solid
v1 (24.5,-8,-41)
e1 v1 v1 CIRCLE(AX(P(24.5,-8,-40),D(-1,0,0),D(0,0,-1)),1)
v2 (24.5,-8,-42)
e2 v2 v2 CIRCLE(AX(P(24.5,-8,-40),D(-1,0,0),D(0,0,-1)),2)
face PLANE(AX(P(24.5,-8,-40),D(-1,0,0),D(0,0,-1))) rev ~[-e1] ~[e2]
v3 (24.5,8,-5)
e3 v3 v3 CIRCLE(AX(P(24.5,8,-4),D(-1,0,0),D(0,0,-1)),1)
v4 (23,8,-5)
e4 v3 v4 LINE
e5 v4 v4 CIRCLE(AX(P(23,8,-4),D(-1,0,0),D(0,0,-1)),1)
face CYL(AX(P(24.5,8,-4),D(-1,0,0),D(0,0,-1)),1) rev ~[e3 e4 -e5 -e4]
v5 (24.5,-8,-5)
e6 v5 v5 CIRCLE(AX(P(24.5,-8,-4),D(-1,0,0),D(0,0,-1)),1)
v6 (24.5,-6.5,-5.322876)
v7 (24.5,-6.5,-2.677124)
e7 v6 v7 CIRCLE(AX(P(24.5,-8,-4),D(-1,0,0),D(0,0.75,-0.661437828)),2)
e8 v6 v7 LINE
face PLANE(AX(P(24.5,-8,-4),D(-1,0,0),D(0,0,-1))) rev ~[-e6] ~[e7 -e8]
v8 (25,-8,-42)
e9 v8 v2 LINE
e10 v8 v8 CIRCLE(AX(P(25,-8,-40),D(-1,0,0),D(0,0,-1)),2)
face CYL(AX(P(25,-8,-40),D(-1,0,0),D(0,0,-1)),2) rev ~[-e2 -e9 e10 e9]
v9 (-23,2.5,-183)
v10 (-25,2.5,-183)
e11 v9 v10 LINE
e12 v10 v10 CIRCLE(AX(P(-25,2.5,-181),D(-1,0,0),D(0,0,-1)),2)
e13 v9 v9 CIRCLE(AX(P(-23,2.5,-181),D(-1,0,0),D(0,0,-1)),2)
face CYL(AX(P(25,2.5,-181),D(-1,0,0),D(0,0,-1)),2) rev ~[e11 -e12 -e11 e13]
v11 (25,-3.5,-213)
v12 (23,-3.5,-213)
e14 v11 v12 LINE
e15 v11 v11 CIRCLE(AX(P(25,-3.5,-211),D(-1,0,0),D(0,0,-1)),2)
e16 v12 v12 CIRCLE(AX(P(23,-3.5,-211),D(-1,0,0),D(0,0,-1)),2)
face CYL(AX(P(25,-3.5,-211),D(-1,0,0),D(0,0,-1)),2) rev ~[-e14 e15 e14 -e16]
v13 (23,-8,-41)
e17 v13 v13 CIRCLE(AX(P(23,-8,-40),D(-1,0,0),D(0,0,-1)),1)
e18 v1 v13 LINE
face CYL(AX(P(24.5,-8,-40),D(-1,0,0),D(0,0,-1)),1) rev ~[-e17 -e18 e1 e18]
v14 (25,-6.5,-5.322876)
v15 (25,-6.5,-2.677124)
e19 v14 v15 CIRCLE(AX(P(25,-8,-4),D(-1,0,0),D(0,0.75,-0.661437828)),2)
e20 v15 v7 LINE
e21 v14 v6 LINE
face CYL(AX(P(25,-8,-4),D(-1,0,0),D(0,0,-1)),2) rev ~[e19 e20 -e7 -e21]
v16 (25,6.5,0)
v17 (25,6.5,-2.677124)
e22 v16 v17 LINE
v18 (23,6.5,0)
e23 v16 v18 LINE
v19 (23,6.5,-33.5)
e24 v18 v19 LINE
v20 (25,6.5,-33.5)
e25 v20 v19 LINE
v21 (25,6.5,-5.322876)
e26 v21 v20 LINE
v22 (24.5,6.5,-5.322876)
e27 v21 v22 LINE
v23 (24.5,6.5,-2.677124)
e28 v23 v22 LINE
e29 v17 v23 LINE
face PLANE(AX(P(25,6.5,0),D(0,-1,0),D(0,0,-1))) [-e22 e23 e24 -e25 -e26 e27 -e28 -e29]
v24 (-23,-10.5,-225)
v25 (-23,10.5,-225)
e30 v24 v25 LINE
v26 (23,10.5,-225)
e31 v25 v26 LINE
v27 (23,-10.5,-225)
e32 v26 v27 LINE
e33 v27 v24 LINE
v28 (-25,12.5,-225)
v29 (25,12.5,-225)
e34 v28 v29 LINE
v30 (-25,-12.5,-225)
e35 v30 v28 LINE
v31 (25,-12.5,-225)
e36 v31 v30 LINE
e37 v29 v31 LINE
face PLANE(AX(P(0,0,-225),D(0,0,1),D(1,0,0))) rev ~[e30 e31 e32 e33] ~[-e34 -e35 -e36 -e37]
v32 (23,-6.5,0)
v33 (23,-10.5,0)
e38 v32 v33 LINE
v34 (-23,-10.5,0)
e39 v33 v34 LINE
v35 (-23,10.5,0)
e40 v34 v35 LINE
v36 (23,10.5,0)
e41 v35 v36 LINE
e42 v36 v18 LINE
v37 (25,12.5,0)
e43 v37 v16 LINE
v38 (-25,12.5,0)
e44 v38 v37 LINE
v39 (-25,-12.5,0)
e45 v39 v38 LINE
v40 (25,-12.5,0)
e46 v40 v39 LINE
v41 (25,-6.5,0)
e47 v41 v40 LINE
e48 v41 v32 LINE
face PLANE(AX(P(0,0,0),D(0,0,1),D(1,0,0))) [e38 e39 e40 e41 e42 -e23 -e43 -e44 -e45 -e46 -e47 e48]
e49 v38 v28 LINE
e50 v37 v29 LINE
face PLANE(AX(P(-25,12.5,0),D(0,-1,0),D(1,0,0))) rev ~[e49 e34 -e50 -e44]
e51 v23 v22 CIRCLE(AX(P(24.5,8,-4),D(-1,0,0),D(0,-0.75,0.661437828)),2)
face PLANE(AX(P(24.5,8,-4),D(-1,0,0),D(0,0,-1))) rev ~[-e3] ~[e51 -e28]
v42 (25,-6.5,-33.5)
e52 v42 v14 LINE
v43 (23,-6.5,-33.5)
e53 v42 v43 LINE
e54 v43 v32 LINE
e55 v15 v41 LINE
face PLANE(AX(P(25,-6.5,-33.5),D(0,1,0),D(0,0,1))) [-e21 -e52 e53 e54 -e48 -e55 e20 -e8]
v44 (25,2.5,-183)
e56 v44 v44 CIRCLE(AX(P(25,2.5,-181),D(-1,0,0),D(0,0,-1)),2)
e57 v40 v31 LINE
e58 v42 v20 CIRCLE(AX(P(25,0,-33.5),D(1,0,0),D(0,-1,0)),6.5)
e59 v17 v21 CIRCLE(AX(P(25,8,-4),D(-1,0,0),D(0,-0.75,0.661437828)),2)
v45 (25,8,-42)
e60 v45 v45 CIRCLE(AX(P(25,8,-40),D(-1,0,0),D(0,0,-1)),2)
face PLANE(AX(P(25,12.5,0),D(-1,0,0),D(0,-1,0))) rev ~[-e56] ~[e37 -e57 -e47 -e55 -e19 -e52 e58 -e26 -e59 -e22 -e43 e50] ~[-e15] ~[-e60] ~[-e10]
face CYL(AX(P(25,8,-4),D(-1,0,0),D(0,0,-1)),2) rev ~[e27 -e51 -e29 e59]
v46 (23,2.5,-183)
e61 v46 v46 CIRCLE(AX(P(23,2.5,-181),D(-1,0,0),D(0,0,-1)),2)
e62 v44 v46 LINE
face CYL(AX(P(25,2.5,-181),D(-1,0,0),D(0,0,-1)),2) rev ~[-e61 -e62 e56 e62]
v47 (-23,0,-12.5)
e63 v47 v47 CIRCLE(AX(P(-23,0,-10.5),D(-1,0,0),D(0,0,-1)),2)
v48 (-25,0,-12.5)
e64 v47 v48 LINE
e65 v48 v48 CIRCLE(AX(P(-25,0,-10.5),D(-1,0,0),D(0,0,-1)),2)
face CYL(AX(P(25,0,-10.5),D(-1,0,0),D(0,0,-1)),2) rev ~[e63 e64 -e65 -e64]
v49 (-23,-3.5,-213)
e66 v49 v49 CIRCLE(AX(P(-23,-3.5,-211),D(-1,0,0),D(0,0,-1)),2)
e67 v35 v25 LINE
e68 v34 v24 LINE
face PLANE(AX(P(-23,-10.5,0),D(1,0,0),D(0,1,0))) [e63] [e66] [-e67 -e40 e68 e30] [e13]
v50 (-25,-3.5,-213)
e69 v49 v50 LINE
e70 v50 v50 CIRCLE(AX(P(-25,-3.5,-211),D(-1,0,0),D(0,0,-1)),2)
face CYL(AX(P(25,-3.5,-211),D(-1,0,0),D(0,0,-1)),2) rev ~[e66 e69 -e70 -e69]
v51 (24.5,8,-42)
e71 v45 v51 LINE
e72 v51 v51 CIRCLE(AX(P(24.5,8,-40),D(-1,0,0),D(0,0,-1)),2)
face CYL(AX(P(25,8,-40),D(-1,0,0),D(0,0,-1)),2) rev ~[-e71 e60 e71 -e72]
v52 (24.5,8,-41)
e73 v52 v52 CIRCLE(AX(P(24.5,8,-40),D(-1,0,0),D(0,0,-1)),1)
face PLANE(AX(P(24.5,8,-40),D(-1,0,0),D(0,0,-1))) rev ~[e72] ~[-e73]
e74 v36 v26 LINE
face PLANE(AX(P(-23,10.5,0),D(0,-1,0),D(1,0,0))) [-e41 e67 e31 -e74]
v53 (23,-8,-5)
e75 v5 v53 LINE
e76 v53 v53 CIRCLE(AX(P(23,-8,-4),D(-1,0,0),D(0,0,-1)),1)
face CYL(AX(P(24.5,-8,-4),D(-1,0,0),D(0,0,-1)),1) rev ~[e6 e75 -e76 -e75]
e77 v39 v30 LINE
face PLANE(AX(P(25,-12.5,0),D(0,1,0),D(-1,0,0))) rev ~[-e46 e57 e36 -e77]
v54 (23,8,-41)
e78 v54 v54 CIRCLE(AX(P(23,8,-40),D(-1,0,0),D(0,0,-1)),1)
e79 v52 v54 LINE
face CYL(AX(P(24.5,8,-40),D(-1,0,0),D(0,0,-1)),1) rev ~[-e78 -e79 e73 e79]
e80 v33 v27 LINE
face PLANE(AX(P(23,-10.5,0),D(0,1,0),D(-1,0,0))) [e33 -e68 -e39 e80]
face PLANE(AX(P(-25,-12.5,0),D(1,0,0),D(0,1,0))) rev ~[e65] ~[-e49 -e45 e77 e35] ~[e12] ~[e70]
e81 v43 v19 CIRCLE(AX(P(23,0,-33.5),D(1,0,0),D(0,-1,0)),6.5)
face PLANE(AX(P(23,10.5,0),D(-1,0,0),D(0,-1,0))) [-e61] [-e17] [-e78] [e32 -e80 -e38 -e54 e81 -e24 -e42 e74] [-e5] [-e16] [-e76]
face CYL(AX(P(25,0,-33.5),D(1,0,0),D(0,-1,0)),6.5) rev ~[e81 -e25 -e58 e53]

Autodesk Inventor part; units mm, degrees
ref_plane "YZ Plane" through (0, 0, 0) normal (1, 0, 0) x (0, 1, 0)
ref_plane "XZ Plane" through (0, 0, 0) normal (0, 1, 0) x (-1, 0, 0)
ref_plane "XY Plane" through (0, 0, 0) normal (0, 0, 1) x (1, 0, 0)
sketch "スケッチ1" plane through (0, 0, 0) normal (0, 0, 1) x (1, 0, 0)
  line L0 (-25, 12.5) -> (25, 12.5)
  line L1 (25, 12.5) -> (25, -12.5)
  line L2 (25, -12.5) -> (-25, -12.5)
  line L3 (-25, -12.5) -> (-25, 12.5)
  line L4 (-23, 10.5) -> (23, 10.5)
  line L5 (23, 10.5) -> (23, -10.5)
  line L6 (23, -10.5) -> (-23, -10.5)
  line L7 (-23, -10.5) -> (-23, 10.5)
  point P0 (0, 0)
  dimension "d0" = 50
  dimension "d2" = 25
  dimension "d3" = 21
  dimension "d4" = 46
  dimension "d5" = 23
  dimension "d6" = 25
  dimension "d7" = 10.5
  dimension "d8" = 12.5
extrude "押し出し1" add sketch "スケッチ1" against normal blind 225
sketch "スケッチ2" plane through (25, -12.5, 0) normal (1, 0, 0) x (0, 0, -1)
  line L0 (0, 0) -> (225, 0) projected
  line L1 (225, 25) -> (225, 0) projected
  circle A0 centre (181, 15) radius 2
  circle A1 centre (211, 9) radius 2
  point P0 (0, 12.5)
  dimension "d11" = 4
  dimension "d13" = 30
  dimension "d16" = 14
  dimension "d17" = 9
  dimension "d61" = 15
hole "穴1" at (25, -3.5, -211) at (25, 2.5, -181) direction (-1, 0, 0) diameter 4 end through all
sketch "スケッチ3" plane through (25, -12.5, 0) normal (1, 0, 0) x (0, 0, -1)
  line L0 (0, 25) -> (0, 0) projected
  line L1 (0, 0) -> (225, 0) projected
  circle A0 centre (10.5, 12.5) radius 2
  point P0 (0, 12.5)
  dimension "d25" = 4
  dimension "d27" = 12.5
  dimension "d28" = 10.5
hole "穴2" at (25, 0, -10.5) direction (-1, 0, 0) diameter 4 end through all
sketch "スケッチ4" plane through (25, -12.5, 0) normal (1, 0, 0) x (0, 0, -1)
  circle A0 centre (10.5, 12.5) radius 2 projected
  line L0 (0, 25) -> (0, 0) projected
  line L1 (0, 19) -> (33.5, 19)
  line L2 (33.5, 6) -> (0, 6)
  line L3 (0, 6) -> (0, 19)
  arc A1 (33.5, 6) -> (33.5, 19) centre (33.5, 12.5) ccw
  point P0 (0, 12.5)
  dimension "d36" = 13
  dimension "d38" = 6.5
  dimension "d39" = 13
  dimension "d40" = 33.5
extrude "押し出し2" cut sketch "スケッチ4" against normal blind 2
sketch "スケッチ5" plane through (25, -12.5, -225) normal (1, 0, 0) x (0, 0, -1)
  arc A0 (-191.5, 6) -> (-191.5, 19) centre (-191.5, 12.5) ccw projected
  line L0 (-225, 6) -> (-225, 0) projected
  line L1 (-225, 25) -> (-225, 19) projected
  circle A1 centre (-221, 4.5) radius 1
  circle A2 centre (-221, 20.5) radius 1
  circle A3 centre (-185, 20.5) radius 1
  circle A4 centre (-185, 4.5) radius 1
  point P0 (-225, 12.5)
  dimension "d43" = 36
  dimension "d45" = 36
  dimension "d46" = 16
  dimension "d47" = 8
  dimension "d48" = 2
  dimension "d49" = 16
  dimension "d50" = 8
  dimension "d51" = 4
  dimension "d52" = 4
hole "穴3" at (25, 8, -4) at (25, -8, -4) at (25, -8, -40) at (25, 8, -40) direction (-1, 0, 0) diameter 2 depth 2 tip angle 118 counterbore diameter 4 counterbore depth 0.5
properties part number "Arm_Second_Flame"
